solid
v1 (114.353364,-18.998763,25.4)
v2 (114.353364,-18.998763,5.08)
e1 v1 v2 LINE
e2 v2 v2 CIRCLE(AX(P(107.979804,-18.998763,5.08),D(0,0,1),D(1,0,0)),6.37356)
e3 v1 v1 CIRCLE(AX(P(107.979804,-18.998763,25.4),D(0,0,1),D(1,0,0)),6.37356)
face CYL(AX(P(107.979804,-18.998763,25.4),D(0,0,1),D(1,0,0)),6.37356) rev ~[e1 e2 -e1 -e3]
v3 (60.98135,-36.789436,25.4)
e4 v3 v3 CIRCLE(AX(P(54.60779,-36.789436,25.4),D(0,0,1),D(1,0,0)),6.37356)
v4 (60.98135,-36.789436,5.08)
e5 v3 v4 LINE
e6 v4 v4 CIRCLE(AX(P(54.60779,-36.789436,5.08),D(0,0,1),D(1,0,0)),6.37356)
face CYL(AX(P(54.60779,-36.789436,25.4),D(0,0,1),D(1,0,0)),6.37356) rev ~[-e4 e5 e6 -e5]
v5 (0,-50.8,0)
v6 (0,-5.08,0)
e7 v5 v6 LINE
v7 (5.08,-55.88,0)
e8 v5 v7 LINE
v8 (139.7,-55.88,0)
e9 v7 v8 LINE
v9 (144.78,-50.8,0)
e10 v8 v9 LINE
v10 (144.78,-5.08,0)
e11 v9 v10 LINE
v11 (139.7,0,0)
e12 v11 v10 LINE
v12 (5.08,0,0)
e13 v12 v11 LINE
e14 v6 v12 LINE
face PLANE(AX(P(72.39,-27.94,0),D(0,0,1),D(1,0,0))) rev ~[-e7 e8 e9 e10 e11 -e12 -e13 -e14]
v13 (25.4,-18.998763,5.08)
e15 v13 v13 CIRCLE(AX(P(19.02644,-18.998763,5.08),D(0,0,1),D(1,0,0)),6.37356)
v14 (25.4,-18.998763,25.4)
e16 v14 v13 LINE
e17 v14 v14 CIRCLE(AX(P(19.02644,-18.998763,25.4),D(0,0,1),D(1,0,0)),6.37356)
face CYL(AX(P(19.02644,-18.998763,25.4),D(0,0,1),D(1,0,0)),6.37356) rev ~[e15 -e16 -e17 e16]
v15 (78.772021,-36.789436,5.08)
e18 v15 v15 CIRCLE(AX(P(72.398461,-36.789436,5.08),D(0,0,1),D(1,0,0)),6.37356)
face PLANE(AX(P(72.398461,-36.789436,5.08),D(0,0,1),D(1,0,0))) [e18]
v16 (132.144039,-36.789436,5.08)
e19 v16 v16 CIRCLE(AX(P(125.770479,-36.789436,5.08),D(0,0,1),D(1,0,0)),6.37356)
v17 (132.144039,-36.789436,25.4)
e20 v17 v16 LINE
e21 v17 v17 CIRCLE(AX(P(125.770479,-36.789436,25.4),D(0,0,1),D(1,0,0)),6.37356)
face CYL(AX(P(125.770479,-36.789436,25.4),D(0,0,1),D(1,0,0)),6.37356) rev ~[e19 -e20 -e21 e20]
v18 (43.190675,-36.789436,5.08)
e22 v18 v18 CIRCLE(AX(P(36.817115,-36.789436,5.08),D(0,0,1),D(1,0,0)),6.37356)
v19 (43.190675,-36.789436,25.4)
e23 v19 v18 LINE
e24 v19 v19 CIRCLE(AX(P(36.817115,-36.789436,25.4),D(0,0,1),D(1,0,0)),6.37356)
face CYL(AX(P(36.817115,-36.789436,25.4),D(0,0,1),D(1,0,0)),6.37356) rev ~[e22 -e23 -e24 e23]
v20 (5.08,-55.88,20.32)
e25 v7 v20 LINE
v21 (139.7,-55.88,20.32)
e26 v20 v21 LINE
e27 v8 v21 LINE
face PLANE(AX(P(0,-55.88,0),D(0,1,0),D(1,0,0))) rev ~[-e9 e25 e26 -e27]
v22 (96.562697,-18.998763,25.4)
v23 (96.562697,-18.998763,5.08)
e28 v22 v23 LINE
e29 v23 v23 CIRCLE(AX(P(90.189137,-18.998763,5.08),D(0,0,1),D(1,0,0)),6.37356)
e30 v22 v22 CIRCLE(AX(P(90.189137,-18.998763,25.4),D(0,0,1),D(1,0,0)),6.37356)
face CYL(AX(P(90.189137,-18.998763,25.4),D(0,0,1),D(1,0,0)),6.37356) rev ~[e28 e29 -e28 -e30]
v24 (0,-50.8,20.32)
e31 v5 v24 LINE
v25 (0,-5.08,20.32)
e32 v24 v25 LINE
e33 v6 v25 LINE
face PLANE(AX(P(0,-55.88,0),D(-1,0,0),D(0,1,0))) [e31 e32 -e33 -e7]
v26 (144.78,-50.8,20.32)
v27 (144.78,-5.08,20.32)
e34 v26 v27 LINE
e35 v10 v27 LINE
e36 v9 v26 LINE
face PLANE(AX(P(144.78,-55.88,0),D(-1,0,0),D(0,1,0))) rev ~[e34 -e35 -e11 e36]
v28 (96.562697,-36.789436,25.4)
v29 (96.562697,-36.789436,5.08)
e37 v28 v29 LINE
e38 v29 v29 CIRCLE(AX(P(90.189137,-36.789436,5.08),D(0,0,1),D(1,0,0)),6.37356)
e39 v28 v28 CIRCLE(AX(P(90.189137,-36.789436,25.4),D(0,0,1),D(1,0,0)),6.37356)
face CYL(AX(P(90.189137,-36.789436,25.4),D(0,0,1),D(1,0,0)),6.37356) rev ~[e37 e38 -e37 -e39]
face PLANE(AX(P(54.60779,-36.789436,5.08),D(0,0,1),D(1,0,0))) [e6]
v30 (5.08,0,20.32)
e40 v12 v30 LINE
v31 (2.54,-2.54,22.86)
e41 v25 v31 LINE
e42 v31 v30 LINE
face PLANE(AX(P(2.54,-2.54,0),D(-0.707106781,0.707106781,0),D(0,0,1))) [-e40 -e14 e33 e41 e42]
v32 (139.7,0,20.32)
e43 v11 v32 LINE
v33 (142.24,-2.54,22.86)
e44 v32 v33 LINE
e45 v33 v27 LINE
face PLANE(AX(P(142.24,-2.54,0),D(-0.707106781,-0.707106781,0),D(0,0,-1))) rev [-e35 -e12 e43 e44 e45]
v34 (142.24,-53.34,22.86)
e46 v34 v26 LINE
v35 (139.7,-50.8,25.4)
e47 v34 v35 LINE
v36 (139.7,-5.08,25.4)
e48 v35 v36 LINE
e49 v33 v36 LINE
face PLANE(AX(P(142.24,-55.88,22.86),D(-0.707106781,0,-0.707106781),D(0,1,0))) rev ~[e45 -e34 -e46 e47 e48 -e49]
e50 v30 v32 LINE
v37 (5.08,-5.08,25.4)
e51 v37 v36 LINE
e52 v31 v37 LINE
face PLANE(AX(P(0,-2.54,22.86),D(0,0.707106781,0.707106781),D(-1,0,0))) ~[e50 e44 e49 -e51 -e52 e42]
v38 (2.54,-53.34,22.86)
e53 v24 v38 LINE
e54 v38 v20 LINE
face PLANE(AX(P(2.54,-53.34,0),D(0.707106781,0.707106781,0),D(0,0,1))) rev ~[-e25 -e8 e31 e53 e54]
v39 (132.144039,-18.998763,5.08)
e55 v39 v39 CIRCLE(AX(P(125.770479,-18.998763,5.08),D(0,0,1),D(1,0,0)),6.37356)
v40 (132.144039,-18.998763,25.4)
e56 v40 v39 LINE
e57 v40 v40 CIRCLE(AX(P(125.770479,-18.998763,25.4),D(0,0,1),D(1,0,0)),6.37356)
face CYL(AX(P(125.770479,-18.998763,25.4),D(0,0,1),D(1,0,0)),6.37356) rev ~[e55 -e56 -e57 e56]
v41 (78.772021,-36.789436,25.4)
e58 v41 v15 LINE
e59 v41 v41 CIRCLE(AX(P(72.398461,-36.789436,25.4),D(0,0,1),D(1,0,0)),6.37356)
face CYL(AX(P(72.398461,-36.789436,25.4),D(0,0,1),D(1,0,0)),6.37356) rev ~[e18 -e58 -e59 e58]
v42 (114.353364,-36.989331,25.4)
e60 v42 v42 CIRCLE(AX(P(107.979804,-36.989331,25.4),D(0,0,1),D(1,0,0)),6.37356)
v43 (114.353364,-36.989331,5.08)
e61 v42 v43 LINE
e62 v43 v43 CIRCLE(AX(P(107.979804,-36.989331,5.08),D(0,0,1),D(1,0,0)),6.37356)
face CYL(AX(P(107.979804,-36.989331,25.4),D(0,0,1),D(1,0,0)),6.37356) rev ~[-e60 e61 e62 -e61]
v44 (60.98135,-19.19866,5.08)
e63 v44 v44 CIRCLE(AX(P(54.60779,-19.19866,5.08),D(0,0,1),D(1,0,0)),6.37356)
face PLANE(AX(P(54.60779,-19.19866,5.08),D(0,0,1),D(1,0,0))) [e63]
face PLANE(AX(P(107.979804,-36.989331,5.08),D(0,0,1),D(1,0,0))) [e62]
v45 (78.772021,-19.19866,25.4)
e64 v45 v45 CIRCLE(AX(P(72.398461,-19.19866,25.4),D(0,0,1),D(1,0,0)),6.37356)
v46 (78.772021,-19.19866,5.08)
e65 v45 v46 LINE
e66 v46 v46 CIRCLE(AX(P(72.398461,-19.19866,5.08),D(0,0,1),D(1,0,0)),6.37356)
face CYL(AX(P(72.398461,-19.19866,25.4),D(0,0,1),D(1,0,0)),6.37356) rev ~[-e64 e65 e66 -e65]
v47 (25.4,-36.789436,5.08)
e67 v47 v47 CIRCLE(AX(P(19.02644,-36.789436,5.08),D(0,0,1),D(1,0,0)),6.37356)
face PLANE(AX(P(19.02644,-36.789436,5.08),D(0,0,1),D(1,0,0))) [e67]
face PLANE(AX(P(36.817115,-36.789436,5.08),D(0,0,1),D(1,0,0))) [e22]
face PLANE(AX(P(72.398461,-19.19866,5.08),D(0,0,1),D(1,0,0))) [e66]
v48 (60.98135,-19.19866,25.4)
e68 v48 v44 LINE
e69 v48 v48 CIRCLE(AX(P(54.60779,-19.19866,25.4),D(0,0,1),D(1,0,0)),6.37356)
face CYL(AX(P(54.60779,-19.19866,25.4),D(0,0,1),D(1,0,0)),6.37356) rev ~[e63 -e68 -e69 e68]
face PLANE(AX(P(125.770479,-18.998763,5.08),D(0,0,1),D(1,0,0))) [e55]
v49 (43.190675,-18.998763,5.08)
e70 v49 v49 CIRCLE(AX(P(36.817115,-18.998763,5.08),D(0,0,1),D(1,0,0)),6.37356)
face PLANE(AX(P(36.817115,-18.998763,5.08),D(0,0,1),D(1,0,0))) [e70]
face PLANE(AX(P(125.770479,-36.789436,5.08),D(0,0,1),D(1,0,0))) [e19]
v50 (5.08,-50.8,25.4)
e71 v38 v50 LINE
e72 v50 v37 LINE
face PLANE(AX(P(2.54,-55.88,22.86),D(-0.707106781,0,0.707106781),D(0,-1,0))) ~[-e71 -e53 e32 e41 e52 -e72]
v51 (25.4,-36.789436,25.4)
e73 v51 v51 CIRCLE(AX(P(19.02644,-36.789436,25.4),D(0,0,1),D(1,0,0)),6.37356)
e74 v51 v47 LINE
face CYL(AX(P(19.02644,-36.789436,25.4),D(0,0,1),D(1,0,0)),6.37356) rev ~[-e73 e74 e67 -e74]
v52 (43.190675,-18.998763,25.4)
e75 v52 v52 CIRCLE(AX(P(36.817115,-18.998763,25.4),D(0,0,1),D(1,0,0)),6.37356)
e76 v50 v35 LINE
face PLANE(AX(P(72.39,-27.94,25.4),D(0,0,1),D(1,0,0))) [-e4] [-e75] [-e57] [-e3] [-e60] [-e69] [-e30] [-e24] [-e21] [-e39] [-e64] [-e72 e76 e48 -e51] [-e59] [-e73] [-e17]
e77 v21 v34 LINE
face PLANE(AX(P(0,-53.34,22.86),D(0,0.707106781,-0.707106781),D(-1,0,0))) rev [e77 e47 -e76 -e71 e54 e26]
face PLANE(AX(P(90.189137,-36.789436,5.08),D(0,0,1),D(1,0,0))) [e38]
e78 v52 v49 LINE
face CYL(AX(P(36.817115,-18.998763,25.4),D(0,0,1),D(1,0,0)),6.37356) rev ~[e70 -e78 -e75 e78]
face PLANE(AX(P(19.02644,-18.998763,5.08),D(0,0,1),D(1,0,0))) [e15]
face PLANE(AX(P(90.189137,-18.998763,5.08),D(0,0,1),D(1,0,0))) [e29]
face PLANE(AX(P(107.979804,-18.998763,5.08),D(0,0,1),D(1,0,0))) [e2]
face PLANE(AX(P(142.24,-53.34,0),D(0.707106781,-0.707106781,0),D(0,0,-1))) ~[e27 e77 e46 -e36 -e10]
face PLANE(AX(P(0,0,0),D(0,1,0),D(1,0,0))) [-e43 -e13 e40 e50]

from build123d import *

# Parameters (mm, degrees)
F0_W     = 144.78
F0_H     = 55.88
F1_DEPTH = 25.4
F2_R     = 6.37356
F3_DEPTH = 20.32
F4_SIZE  = 5.08
F5_SIZE  = 5.08


with BuildPart() as f1:
    # F0 (on Top) → F1 (new body)
    with BuildSketch(Plane.XY):
        with Locations((72.39, -27.94)):
            Rectangle(F0_W, F0_H)
    extrude(amount=F1_DEPTH)

    # F2 (on face) → F3 (cut)
    with BuildSketch(Plane.XY.offset(25.4)):
        with Locations((125.770479, -18.998763)):
            Circle(F2_R)
        with Locations((125.770479, -36.789436)):
            Circle(F2_R)
        with Locations((107.979804, -36.989331)):
            Circle(F2_R)
        with Locations((107.979804, -18.998763)):
            Circle(F2_R)
        with Locations((90.189137, -18.998763)):
            Circle(F2_R)
        with Locations((90.189137, -36.789436)):
            Circle(F2_R)
        with Locations((72.398461, -36.789436)):
            Circle(F2_R)
        with Locations((72.398461, -19.19866)):
            Circle(F2_R)
        with Locations((54.60779, -19.19866)):
            Circle(F2_R)
        with Locations((54.60779, -36.789436)):
            Circle(F2_R)
        with Locations((36.817115, -36.789436)):
            Circle(F2_R)
        with Locations((36.817115, -18.998763)):
            Circle(F2_R)
        with Locations((19.02644, -18.998763)):
            Circle(F2_R)
        with Locations((19.02644, -36.789436)):
            Circle(F2_R)
    extrude(amount=-F3_DEPTH, mode=Mode.SUBTRACT)

    # F4
    f4_edges = [f1.edges().sort_by_distance(p)[0] for p in [
        (72.39, -55.88, 25.4),
        (72.39, 0, 25.4),
        (144.78, -27.94, 25.4),
        (0, -27.94, 25.4),
    ]]
    chamfer(f4_edges, length=F4_SIZE)

    # F5
    f5_edges = [f1.edges().sort_by_distance(p)[0] for p in [
        (144.78, -55.88, 10.16),
        (144.78, 0, 10.16),
        (0, -55.88, 10.16),
        (0, 0, 10.16),
    ]]
    chamfer(f5_edges, length=F5_SIZE)


solid = f1.part
